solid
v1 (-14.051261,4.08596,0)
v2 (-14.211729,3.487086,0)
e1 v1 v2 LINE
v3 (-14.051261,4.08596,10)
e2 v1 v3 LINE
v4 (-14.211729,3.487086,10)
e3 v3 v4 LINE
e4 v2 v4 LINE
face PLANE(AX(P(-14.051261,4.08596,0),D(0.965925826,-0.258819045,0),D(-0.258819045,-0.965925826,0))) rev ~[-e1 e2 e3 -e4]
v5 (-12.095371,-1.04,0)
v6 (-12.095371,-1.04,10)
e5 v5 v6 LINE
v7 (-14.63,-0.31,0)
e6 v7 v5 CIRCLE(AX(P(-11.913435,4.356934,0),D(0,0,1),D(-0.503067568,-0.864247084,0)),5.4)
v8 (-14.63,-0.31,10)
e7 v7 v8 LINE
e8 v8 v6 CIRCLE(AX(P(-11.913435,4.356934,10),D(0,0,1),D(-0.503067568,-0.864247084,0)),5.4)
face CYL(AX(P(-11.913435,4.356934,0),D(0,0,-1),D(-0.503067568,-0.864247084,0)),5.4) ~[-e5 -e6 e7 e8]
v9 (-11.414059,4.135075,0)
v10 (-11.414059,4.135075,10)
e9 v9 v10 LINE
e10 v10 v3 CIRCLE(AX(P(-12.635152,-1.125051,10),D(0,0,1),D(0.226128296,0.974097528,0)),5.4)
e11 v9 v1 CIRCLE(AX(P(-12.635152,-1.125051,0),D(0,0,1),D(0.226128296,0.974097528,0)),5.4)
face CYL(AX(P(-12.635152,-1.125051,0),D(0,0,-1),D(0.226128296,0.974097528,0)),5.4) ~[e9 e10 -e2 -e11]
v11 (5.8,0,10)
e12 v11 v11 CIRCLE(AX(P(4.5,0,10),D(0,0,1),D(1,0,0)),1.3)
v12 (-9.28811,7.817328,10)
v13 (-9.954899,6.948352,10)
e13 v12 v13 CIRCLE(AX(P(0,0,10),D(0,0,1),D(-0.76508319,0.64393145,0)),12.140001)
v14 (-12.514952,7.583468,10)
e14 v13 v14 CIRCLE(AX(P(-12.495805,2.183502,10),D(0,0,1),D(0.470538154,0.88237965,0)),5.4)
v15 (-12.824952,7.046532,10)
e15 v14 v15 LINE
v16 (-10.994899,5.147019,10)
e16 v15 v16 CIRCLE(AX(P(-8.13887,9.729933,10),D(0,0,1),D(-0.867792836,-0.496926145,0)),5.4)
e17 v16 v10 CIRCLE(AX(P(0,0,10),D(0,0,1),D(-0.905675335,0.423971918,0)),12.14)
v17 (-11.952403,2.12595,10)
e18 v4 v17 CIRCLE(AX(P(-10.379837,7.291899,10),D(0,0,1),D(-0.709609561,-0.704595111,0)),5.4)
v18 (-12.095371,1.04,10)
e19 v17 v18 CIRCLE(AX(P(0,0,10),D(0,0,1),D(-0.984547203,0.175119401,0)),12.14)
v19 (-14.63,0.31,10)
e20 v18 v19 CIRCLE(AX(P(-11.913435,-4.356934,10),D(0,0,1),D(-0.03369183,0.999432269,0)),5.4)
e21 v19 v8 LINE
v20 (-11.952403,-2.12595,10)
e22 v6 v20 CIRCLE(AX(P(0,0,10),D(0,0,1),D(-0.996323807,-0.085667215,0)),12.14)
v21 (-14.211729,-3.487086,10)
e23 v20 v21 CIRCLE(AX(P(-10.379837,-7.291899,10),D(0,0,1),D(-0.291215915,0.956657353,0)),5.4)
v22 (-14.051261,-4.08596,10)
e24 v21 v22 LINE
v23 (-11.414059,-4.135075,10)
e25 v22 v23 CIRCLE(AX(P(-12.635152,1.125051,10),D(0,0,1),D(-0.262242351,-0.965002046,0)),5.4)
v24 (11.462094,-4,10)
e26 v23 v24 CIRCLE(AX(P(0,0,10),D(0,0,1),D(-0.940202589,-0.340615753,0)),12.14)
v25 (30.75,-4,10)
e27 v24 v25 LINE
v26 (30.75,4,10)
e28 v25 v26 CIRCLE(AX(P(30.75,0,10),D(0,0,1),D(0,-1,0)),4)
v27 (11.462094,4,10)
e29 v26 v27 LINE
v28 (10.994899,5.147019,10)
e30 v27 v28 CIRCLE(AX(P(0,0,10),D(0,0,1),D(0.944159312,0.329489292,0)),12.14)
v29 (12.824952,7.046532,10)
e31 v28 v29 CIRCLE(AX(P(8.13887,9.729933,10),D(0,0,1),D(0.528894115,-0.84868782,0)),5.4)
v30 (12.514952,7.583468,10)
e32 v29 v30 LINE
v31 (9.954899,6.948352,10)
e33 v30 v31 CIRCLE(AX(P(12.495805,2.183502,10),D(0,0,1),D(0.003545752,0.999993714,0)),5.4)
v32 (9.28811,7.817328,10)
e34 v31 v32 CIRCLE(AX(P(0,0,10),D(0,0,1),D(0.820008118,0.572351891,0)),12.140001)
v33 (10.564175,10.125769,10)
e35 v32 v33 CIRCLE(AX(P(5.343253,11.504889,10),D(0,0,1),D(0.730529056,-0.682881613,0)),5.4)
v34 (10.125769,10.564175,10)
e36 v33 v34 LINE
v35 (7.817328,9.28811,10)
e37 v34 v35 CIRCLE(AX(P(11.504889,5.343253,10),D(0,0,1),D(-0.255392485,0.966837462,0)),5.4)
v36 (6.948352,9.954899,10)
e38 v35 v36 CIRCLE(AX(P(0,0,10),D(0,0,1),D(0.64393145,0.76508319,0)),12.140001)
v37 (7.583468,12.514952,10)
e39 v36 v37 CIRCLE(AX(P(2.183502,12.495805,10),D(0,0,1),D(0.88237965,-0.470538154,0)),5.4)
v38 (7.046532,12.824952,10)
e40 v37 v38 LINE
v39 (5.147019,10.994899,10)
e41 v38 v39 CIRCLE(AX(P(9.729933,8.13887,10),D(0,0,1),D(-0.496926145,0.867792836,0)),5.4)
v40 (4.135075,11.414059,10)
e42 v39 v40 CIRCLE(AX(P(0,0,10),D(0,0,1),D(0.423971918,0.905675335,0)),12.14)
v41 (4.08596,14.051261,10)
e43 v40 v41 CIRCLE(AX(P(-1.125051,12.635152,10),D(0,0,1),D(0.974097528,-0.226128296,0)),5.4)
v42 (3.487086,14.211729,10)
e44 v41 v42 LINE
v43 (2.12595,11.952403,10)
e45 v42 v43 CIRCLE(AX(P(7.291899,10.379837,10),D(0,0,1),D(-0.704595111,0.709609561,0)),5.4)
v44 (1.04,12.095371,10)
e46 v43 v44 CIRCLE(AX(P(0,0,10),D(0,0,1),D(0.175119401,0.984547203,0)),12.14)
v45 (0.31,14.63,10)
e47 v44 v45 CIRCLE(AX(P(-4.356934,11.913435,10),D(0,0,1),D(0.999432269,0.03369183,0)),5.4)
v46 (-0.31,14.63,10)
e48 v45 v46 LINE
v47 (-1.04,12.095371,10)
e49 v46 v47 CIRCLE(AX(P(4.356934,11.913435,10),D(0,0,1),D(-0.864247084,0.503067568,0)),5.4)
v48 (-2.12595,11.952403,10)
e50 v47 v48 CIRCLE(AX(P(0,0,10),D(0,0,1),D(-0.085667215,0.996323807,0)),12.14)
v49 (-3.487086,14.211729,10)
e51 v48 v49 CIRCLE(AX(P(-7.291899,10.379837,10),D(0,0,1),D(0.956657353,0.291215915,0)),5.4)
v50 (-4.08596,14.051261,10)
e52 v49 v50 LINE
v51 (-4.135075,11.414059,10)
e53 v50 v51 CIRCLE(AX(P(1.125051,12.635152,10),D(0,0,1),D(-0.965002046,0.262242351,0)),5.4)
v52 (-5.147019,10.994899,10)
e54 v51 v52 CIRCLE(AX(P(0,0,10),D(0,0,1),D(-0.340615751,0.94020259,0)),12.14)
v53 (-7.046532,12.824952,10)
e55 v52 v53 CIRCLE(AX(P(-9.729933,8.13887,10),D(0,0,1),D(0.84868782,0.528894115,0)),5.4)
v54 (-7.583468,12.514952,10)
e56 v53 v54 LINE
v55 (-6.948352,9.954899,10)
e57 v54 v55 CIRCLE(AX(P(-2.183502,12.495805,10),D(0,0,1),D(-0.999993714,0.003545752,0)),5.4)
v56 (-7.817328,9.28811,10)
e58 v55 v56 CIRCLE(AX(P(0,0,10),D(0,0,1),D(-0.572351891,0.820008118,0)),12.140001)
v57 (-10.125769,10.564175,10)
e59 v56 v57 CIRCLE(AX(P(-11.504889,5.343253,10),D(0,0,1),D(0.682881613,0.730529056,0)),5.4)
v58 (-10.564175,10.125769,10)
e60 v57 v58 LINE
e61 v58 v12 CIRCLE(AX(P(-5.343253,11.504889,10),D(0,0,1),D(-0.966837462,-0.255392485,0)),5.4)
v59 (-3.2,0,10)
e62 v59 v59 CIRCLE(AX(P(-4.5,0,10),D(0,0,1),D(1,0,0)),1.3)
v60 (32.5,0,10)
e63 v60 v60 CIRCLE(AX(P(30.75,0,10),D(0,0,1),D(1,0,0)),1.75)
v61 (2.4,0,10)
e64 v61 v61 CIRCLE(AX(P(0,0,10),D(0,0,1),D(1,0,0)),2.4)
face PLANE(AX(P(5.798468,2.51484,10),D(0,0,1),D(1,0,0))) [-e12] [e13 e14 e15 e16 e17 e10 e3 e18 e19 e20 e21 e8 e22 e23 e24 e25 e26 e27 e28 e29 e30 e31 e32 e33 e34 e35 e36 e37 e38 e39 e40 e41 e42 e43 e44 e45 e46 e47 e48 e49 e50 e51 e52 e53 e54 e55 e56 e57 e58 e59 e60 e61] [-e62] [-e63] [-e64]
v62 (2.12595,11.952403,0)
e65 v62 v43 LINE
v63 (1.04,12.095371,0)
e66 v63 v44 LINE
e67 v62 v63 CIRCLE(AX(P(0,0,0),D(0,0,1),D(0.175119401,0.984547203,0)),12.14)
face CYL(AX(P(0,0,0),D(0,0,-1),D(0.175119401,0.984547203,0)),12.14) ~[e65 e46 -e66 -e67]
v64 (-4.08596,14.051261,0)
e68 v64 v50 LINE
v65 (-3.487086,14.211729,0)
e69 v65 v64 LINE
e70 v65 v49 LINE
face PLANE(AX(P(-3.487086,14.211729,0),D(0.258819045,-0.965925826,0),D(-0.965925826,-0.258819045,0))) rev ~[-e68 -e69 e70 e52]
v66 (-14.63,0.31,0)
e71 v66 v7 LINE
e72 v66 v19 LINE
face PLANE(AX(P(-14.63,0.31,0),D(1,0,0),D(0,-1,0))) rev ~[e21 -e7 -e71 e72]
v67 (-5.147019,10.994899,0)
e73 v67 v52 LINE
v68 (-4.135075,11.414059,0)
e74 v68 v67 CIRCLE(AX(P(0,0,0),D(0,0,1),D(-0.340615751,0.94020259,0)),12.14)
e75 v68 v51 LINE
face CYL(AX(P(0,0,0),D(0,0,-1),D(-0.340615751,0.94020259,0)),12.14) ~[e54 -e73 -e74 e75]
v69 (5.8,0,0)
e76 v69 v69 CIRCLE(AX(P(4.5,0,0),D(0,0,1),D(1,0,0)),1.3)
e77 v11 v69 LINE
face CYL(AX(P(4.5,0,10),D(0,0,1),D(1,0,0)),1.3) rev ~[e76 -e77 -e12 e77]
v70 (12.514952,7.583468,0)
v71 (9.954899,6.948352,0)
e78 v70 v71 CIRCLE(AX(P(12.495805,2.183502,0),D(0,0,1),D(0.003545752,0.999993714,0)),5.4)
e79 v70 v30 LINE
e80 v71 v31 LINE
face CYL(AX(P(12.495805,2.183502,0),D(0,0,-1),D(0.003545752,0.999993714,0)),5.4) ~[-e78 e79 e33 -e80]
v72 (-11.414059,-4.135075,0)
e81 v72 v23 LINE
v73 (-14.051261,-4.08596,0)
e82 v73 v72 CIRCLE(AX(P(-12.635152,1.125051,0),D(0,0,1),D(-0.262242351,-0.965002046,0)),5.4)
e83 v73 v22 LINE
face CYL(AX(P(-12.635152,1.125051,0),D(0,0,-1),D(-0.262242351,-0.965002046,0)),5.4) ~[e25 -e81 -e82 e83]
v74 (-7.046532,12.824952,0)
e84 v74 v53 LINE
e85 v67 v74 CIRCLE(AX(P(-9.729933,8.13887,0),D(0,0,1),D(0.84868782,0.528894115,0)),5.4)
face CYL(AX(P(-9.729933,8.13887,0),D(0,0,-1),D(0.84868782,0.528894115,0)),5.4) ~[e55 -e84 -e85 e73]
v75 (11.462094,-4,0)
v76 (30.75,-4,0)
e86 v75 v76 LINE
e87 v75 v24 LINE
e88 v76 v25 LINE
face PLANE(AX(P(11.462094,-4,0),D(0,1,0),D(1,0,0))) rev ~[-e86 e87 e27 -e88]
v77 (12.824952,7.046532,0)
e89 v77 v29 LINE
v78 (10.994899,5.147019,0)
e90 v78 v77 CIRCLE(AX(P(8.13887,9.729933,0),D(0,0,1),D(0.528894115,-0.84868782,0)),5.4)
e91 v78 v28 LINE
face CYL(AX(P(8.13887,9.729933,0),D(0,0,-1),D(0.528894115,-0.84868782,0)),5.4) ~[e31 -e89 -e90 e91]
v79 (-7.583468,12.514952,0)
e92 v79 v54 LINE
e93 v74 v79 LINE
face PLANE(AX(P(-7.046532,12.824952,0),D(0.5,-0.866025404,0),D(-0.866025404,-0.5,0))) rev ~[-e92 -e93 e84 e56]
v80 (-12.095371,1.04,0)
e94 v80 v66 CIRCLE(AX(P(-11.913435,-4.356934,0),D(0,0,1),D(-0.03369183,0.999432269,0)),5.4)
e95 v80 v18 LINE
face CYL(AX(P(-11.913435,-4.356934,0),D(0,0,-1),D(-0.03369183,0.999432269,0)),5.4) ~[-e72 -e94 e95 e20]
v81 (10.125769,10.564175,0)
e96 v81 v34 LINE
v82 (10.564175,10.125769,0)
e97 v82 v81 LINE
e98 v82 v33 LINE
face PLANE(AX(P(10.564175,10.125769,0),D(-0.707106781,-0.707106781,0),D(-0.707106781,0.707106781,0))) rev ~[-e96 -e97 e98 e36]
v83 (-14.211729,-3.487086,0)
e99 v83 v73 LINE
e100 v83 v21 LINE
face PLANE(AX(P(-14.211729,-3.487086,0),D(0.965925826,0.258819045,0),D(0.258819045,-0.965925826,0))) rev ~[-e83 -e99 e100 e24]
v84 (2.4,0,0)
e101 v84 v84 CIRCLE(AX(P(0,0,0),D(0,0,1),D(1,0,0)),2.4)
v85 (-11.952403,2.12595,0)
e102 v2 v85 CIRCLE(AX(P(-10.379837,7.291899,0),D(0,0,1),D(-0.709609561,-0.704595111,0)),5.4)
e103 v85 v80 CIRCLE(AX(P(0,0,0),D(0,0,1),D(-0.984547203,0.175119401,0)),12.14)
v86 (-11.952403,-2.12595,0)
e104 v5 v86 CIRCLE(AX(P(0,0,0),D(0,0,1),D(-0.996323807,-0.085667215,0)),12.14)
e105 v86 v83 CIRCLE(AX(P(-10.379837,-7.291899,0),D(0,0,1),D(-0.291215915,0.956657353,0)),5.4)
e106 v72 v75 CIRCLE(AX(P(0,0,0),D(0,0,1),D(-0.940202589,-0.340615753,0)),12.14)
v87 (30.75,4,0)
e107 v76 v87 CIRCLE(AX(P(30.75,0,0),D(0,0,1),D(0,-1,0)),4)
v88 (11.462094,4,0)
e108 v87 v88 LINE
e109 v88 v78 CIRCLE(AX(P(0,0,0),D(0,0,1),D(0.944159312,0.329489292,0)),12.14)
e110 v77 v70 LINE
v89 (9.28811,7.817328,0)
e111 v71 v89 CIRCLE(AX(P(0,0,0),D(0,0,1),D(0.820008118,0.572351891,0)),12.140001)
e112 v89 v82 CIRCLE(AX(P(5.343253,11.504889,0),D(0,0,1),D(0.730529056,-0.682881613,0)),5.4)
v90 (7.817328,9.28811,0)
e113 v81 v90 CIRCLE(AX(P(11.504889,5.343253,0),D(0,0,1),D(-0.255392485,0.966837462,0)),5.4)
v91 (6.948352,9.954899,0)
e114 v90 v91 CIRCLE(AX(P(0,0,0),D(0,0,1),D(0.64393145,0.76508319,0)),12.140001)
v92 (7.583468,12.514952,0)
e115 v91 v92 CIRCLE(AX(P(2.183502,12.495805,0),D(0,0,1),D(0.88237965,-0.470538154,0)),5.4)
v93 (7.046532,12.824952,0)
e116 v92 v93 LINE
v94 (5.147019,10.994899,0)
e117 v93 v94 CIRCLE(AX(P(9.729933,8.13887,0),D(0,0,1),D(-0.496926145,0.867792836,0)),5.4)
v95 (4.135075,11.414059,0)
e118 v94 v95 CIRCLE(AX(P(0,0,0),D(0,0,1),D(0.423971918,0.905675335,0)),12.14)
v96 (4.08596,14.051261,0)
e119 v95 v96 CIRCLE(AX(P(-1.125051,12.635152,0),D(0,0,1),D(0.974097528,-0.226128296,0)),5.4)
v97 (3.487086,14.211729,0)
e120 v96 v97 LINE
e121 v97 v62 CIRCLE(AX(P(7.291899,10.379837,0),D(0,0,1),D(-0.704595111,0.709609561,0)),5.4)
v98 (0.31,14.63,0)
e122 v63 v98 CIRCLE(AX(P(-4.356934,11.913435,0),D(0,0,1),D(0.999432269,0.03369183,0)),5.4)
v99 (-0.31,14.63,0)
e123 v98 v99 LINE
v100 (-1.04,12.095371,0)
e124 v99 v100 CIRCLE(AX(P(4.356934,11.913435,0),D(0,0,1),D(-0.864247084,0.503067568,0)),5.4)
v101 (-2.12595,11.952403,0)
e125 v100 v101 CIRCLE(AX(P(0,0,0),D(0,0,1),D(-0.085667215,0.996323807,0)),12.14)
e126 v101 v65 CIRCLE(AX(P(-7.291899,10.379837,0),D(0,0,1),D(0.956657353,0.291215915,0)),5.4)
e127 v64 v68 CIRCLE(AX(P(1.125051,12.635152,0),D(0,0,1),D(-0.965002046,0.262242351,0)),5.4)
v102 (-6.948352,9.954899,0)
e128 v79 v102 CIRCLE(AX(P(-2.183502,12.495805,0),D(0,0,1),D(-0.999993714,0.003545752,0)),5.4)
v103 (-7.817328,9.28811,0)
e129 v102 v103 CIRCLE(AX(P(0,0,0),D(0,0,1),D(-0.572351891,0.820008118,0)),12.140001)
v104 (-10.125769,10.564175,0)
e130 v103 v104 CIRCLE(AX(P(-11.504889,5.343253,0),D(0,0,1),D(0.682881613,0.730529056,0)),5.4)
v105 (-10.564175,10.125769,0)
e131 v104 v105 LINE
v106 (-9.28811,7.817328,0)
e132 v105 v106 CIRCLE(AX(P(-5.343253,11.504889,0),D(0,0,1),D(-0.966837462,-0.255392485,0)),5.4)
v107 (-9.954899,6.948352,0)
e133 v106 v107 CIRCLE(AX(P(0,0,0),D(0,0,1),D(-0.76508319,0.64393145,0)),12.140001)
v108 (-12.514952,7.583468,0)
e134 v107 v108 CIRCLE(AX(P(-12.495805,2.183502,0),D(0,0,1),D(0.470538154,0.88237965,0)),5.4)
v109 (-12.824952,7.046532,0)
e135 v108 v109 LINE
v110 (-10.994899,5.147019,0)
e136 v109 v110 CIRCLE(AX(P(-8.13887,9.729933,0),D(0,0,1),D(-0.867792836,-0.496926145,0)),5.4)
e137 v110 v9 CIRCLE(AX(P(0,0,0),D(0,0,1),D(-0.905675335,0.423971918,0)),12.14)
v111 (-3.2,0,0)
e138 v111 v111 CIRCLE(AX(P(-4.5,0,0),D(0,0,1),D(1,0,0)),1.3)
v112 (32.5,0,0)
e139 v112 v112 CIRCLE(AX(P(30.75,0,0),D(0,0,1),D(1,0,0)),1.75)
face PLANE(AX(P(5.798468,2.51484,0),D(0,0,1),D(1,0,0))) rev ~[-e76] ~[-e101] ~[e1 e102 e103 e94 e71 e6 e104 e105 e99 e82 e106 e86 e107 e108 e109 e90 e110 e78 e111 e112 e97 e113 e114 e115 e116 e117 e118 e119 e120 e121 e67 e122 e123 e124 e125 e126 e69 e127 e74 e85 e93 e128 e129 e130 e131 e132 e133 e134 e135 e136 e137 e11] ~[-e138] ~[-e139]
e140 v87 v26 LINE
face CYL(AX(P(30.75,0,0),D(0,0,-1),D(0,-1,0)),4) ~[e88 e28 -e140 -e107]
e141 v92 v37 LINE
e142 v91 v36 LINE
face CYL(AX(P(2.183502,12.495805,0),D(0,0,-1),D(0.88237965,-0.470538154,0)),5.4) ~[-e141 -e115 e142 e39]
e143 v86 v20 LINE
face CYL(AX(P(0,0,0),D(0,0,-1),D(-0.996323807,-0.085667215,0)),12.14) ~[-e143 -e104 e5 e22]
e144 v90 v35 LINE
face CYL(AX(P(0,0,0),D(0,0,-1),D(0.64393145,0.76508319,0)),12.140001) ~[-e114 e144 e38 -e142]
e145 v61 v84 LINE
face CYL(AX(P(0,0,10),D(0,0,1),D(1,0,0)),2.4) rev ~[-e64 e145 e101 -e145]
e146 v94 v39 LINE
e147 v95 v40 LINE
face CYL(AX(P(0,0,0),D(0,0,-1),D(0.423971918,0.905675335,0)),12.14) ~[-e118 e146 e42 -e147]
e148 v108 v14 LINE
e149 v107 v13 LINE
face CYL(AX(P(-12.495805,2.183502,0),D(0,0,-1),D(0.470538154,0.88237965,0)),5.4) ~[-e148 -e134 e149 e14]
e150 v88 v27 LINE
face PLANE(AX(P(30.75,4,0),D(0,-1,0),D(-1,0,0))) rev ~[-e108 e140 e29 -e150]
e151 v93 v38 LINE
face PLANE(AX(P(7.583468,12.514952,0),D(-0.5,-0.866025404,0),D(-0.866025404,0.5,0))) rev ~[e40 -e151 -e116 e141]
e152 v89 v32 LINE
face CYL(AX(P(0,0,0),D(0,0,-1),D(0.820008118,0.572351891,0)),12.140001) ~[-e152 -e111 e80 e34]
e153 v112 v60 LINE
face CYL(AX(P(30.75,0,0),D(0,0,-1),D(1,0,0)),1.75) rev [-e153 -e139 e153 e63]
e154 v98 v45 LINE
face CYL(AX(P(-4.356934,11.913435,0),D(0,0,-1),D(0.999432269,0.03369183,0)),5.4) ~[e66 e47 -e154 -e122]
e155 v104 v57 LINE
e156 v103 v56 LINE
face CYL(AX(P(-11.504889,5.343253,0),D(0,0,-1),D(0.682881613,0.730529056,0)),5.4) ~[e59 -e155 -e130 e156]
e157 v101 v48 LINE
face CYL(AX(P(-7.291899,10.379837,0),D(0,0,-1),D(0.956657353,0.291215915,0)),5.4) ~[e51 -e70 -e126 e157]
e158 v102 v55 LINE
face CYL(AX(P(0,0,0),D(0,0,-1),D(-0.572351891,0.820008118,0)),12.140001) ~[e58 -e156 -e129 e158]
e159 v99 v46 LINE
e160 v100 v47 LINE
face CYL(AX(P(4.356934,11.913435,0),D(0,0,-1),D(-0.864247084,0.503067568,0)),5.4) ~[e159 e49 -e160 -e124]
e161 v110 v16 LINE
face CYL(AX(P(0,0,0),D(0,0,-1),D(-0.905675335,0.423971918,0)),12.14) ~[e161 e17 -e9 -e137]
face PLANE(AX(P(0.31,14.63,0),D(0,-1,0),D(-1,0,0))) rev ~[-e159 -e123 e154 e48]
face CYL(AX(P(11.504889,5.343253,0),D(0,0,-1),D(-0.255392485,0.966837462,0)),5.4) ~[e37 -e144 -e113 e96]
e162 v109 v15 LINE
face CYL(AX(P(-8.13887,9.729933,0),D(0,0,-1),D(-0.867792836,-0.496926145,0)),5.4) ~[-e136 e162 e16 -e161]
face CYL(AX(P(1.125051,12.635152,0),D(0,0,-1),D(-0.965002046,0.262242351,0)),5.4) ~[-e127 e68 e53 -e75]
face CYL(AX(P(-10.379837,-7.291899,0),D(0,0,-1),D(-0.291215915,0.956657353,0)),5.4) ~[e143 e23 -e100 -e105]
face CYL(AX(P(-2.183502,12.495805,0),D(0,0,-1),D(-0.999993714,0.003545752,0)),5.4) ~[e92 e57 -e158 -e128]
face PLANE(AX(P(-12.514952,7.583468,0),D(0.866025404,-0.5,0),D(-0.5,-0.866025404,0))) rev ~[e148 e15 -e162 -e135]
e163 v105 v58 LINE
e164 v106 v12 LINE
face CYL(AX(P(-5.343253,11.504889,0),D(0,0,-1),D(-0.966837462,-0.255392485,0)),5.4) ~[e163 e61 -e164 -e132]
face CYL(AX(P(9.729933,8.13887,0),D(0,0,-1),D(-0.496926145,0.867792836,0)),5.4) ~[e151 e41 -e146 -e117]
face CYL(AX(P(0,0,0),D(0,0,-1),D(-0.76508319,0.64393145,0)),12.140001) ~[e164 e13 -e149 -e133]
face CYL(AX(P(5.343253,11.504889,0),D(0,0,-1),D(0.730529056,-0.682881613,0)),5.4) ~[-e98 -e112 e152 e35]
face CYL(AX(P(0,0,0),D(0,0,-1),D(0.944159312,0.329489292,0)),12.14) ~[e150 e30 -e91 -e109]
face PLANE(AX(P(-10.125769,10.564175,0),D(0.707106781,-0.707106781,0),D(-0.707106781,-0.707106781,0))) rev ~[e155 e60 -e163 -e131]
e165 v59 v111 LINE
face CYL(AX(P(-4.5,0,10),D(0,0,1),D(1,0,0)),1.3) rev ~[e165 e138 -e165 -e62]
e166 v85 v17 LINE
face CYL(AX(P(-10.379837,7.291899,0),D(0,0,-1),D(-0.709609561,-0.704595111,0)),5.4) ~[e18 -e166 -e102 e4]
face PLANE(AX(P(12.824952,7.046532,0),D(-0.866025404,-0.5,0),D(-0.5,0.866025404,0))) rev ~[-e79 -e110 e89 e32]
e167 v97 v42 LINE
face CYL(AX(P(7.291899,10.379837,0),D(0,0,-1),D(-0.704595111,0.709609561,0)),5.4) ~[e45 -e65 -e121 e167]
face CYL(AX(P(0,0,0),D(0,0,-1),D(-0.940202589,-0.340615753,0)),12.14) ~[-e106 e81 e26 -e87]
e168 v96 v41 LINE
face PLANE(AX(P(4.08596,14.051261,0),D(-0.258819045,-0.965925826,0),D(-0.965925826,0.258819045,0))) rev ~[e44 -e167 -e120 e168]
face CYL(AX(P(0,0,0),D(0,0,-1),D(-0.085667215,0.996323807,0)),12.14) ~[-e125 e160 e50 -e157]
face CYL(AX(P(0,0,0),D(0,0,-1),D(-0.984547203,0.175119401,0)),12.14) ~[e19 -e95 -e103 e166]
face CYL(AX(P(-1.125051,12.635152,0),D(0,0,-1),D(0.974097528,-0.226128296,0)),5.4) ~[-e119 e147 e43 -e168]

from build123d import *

# Parameters (mm, degrees)
SKETCH1_R           = 1.75
BOSS_EXTRUDE1_DEPTH = 10
SKETCH2_R           = 2.4
SKETCH2_R_2         = 1.3
CUT_EXTRUDE1_DEPTH  = 40.007683858


with BuildPart() as part:
    # Sketch1 → Boss-Extrude1 (new body)
    with BuildSketch(Plane.XY):
        with BuildLine():
            Line((0.31, 14.63), (-0.31, 14.63))
            ThreePointArc((-0.31, 14.63), (-0.832135832, 13.407942292), (-1.04, 12.095371015))
            ThreePointArc((-1.04, 12.095371015), (-1.584587974, 12.036140617), (-2.125949517, 11.952403049))
            ThreePointArc((-2.125949517, 11.952403049), (-2.66644933, 13.166450339), (-3.487085624, 14.211728743))
            Line((-3.487085624, 14.211728743), (-4.085959636, 14.051260935))
            ThreePointArc((-4.085959636, 14.051260935), (-4.274012312, 12.735705136), (-4.135075236, 11.414059435))
            ThreePointArc((-4.135075236, 11.414059435), (-4.645776869, 11.215897525), (-5.147019088, 10.994898568))
            ThreePointArc((-5.147019088, 10.994898568), (-5.983320376, 12.027686554), (-7.046532125, 12.824951657))
            Line((-7.046532125, 12.824951657), (-7.583467875, 12.514951657))
            ThreePointArc((-7.583467875, 12.514951657), (-7.424621916, 11.195550721), (-6.948351928, 9.954898568))
            ThreePointArc((-6.948351928, 9.954898568), (-7.390363748, 9.631309551), (-7.817327814, 9.288109918))
            ThreePointArc((-7.817327814, 9.288109918), (-8.892438027, 10.069255806), (-10.125769107, 10.564175311))
            Line((-10.125769107, 10.564175311), (-10.564175311, 10.125769107))
            ThreePointArc((-10.564175311, 10.125769107), (-10.069255806, 8.892438027), (-9.288109918, 7.817327814))
            ThreePointArc((-9.288109918, 7.817327814), (-9.631309551, 7.390363748), (-9.954898568, 6.948351928))
            ThreePointArc((-9.954898568, 6.948351928), (-11.195550721, 7.424621916), (-12.514951657, 7.583467875))
            Line((-12.514951657, 7.583467875), (-12.824951657, 7.046532125))
            ThreePointArc((-12.824951657, 7.046532125), (-12.027686554, 5.983320376), (-10.994898568, 5.147019088))
            ThreePointArc((-10.994898568, 5.147019088), (-11.215897525, 4.645776869), (-11.414059435, 4.135075236))
            ThreePointArc((-11.414059435, 4.135075236), (-12.735705136, 4.274012312), (-14.051260935, 4.085959636))
            Line((-14.051260935, 4.085959636), (-14.211728743, 3.487085624))
            ThreePointArc((-14.211728743, 3.487085624), (-13.166450339, 2.66644933), (-11.952403049, 2.125949517))
            ThreePointArc((-11.952403049, 2.125949517), (-12.036140617, 1.584587974), (-12.095371015, 1.04))
            ThreePointArc((-12.095371015, 1.04), (-13.407942292, 0.832135832), (-14.63, 0.31))
            Line((-14.63, 0.31), (-14.63, -0.31))
            ThreePointArc((-14.63, -0.31), (-13.407942292, -0.832135832), (-12.095371015, -1.04))
            ThreePointArc((-12.095371015, -1.04), (-12.036140617, -1.584587974), (-11.952403049, -2.125949517))
            ThreePointArc((-11.952403049, -2.125949517), (-13.166450339, -2.66644933), (-14.211728743, -3.487085624))
            Line((-14.211728743, -3.487085624), (-14.051260935, -4.085959636))
            ThreePointArc((-14.051260935, -4.085959636), (-12.735705136, -4.274012312), (-11.414059435, -4.135075236))
            ThreePointArc((-11.414059435, -4.135075236), (0.071680966, -12.139788377), (11.46209405, -4))
            Line((11.46209405, -4), (30.75, -4))
            ThreePointArc((30.75, -4), (34.75, 0), (30.75, 4))
            Line((30.75, 4), (11.46209405, 4))
            ThreePointArc((11.46209405, 4), (11.243133129, 4.579471307), (10.994898568, 5.147019088))
            ThreePointArc((10.994898568, 5.147019088), (12.027686554, 5.983320376), (12.824951657, 7.046532125))
            Line((12.824951657, 7.046532125), (12.514951657, 7.583467875))
            ThreePointArc((12.514951657, 7.583467875), (11.195550721, 7.424621916), (9.954898568, 6.948351928))
            ThreePointArc((9.954898568, 6.948351928), (9.631309551, 7.390363748), (9.288109918, 7.817327814))
            ThreePointArc((9.288109918, 7.817327814), (10.069255806, 8.892438027), (10.564175311, 10.125769107))
            Line((10.564175311, 10.125769107), (10.125769107, 10.564175311))
            ThreePointArc((10.125769107, 10.564175311), (8.892438027, 10.069255806), (7.817327814, 9.288109918))
            ThreePointArc((7.817327814, 9.288109918), (7.390363748, 9.631309551), (6.948351928, 9.954898568))
            ThreePointArc((6.948351928, 9.954898568), (7.424621916, 11.195550721), (7.583467875, 12.514951657))
            Line((7.583467875, 12.514951657), (7.046532125, 12.824951657))
            ThreePointArc((7.046532125, 12.824951657), (5.983320376, 12.027686554), (5.147019088, 10.994898568))
            ThreePointArc((5.147019088, 10.994898568), (4.645776869, 11.215897525), (4.135075236, 11.414059435))
            ThreePointArc((4.135075236, 11.414059435), (4.274012312, 12.735705136), (4.085959636, 14.051260935))
            Line((4.085959636, 14.051260935), (3.487085624, 14.211728743))
            ThreePointArc((3.487085624, 14.211728743), (2.66644933, 13.166450339), (2.125949517, 11.952403049))
            ThreePointArc((2.125949517, 11.952403049), (1.584587974, 12.036140617), (1.04, 12.095371015))
            ThreePointArc((1.04, 12.095371015), (0.832135832, 13.407942292), (0.31, 14.63))
        make_face()
        Circle(SKETCH1_R, mode=Mode.SUBTRACT)
        with Locations((30.75, 0)):
            Circle(SKETCH1_R, mode=Mode.SUBTRACT)
    extrude(amount=BOSS_EXTRUDE1_DEPTH)

    # Sketch2 → Cut-Extrude1 (cut, through all)
    with BuildSketch(Plane.XY.offset(10)):
        Circle(SKETCH2_R)
        with Locations((-4.5, 0)):
            Circle(SKETCH2_R_2)
        with Locations((4.5, 0)):
            Circle(SKETCH2_R_2)
    extrude(amount=-CUT_EXTRUDE1_DEPTH, mode=Mode.SUBTRACT)


solid = part.part
